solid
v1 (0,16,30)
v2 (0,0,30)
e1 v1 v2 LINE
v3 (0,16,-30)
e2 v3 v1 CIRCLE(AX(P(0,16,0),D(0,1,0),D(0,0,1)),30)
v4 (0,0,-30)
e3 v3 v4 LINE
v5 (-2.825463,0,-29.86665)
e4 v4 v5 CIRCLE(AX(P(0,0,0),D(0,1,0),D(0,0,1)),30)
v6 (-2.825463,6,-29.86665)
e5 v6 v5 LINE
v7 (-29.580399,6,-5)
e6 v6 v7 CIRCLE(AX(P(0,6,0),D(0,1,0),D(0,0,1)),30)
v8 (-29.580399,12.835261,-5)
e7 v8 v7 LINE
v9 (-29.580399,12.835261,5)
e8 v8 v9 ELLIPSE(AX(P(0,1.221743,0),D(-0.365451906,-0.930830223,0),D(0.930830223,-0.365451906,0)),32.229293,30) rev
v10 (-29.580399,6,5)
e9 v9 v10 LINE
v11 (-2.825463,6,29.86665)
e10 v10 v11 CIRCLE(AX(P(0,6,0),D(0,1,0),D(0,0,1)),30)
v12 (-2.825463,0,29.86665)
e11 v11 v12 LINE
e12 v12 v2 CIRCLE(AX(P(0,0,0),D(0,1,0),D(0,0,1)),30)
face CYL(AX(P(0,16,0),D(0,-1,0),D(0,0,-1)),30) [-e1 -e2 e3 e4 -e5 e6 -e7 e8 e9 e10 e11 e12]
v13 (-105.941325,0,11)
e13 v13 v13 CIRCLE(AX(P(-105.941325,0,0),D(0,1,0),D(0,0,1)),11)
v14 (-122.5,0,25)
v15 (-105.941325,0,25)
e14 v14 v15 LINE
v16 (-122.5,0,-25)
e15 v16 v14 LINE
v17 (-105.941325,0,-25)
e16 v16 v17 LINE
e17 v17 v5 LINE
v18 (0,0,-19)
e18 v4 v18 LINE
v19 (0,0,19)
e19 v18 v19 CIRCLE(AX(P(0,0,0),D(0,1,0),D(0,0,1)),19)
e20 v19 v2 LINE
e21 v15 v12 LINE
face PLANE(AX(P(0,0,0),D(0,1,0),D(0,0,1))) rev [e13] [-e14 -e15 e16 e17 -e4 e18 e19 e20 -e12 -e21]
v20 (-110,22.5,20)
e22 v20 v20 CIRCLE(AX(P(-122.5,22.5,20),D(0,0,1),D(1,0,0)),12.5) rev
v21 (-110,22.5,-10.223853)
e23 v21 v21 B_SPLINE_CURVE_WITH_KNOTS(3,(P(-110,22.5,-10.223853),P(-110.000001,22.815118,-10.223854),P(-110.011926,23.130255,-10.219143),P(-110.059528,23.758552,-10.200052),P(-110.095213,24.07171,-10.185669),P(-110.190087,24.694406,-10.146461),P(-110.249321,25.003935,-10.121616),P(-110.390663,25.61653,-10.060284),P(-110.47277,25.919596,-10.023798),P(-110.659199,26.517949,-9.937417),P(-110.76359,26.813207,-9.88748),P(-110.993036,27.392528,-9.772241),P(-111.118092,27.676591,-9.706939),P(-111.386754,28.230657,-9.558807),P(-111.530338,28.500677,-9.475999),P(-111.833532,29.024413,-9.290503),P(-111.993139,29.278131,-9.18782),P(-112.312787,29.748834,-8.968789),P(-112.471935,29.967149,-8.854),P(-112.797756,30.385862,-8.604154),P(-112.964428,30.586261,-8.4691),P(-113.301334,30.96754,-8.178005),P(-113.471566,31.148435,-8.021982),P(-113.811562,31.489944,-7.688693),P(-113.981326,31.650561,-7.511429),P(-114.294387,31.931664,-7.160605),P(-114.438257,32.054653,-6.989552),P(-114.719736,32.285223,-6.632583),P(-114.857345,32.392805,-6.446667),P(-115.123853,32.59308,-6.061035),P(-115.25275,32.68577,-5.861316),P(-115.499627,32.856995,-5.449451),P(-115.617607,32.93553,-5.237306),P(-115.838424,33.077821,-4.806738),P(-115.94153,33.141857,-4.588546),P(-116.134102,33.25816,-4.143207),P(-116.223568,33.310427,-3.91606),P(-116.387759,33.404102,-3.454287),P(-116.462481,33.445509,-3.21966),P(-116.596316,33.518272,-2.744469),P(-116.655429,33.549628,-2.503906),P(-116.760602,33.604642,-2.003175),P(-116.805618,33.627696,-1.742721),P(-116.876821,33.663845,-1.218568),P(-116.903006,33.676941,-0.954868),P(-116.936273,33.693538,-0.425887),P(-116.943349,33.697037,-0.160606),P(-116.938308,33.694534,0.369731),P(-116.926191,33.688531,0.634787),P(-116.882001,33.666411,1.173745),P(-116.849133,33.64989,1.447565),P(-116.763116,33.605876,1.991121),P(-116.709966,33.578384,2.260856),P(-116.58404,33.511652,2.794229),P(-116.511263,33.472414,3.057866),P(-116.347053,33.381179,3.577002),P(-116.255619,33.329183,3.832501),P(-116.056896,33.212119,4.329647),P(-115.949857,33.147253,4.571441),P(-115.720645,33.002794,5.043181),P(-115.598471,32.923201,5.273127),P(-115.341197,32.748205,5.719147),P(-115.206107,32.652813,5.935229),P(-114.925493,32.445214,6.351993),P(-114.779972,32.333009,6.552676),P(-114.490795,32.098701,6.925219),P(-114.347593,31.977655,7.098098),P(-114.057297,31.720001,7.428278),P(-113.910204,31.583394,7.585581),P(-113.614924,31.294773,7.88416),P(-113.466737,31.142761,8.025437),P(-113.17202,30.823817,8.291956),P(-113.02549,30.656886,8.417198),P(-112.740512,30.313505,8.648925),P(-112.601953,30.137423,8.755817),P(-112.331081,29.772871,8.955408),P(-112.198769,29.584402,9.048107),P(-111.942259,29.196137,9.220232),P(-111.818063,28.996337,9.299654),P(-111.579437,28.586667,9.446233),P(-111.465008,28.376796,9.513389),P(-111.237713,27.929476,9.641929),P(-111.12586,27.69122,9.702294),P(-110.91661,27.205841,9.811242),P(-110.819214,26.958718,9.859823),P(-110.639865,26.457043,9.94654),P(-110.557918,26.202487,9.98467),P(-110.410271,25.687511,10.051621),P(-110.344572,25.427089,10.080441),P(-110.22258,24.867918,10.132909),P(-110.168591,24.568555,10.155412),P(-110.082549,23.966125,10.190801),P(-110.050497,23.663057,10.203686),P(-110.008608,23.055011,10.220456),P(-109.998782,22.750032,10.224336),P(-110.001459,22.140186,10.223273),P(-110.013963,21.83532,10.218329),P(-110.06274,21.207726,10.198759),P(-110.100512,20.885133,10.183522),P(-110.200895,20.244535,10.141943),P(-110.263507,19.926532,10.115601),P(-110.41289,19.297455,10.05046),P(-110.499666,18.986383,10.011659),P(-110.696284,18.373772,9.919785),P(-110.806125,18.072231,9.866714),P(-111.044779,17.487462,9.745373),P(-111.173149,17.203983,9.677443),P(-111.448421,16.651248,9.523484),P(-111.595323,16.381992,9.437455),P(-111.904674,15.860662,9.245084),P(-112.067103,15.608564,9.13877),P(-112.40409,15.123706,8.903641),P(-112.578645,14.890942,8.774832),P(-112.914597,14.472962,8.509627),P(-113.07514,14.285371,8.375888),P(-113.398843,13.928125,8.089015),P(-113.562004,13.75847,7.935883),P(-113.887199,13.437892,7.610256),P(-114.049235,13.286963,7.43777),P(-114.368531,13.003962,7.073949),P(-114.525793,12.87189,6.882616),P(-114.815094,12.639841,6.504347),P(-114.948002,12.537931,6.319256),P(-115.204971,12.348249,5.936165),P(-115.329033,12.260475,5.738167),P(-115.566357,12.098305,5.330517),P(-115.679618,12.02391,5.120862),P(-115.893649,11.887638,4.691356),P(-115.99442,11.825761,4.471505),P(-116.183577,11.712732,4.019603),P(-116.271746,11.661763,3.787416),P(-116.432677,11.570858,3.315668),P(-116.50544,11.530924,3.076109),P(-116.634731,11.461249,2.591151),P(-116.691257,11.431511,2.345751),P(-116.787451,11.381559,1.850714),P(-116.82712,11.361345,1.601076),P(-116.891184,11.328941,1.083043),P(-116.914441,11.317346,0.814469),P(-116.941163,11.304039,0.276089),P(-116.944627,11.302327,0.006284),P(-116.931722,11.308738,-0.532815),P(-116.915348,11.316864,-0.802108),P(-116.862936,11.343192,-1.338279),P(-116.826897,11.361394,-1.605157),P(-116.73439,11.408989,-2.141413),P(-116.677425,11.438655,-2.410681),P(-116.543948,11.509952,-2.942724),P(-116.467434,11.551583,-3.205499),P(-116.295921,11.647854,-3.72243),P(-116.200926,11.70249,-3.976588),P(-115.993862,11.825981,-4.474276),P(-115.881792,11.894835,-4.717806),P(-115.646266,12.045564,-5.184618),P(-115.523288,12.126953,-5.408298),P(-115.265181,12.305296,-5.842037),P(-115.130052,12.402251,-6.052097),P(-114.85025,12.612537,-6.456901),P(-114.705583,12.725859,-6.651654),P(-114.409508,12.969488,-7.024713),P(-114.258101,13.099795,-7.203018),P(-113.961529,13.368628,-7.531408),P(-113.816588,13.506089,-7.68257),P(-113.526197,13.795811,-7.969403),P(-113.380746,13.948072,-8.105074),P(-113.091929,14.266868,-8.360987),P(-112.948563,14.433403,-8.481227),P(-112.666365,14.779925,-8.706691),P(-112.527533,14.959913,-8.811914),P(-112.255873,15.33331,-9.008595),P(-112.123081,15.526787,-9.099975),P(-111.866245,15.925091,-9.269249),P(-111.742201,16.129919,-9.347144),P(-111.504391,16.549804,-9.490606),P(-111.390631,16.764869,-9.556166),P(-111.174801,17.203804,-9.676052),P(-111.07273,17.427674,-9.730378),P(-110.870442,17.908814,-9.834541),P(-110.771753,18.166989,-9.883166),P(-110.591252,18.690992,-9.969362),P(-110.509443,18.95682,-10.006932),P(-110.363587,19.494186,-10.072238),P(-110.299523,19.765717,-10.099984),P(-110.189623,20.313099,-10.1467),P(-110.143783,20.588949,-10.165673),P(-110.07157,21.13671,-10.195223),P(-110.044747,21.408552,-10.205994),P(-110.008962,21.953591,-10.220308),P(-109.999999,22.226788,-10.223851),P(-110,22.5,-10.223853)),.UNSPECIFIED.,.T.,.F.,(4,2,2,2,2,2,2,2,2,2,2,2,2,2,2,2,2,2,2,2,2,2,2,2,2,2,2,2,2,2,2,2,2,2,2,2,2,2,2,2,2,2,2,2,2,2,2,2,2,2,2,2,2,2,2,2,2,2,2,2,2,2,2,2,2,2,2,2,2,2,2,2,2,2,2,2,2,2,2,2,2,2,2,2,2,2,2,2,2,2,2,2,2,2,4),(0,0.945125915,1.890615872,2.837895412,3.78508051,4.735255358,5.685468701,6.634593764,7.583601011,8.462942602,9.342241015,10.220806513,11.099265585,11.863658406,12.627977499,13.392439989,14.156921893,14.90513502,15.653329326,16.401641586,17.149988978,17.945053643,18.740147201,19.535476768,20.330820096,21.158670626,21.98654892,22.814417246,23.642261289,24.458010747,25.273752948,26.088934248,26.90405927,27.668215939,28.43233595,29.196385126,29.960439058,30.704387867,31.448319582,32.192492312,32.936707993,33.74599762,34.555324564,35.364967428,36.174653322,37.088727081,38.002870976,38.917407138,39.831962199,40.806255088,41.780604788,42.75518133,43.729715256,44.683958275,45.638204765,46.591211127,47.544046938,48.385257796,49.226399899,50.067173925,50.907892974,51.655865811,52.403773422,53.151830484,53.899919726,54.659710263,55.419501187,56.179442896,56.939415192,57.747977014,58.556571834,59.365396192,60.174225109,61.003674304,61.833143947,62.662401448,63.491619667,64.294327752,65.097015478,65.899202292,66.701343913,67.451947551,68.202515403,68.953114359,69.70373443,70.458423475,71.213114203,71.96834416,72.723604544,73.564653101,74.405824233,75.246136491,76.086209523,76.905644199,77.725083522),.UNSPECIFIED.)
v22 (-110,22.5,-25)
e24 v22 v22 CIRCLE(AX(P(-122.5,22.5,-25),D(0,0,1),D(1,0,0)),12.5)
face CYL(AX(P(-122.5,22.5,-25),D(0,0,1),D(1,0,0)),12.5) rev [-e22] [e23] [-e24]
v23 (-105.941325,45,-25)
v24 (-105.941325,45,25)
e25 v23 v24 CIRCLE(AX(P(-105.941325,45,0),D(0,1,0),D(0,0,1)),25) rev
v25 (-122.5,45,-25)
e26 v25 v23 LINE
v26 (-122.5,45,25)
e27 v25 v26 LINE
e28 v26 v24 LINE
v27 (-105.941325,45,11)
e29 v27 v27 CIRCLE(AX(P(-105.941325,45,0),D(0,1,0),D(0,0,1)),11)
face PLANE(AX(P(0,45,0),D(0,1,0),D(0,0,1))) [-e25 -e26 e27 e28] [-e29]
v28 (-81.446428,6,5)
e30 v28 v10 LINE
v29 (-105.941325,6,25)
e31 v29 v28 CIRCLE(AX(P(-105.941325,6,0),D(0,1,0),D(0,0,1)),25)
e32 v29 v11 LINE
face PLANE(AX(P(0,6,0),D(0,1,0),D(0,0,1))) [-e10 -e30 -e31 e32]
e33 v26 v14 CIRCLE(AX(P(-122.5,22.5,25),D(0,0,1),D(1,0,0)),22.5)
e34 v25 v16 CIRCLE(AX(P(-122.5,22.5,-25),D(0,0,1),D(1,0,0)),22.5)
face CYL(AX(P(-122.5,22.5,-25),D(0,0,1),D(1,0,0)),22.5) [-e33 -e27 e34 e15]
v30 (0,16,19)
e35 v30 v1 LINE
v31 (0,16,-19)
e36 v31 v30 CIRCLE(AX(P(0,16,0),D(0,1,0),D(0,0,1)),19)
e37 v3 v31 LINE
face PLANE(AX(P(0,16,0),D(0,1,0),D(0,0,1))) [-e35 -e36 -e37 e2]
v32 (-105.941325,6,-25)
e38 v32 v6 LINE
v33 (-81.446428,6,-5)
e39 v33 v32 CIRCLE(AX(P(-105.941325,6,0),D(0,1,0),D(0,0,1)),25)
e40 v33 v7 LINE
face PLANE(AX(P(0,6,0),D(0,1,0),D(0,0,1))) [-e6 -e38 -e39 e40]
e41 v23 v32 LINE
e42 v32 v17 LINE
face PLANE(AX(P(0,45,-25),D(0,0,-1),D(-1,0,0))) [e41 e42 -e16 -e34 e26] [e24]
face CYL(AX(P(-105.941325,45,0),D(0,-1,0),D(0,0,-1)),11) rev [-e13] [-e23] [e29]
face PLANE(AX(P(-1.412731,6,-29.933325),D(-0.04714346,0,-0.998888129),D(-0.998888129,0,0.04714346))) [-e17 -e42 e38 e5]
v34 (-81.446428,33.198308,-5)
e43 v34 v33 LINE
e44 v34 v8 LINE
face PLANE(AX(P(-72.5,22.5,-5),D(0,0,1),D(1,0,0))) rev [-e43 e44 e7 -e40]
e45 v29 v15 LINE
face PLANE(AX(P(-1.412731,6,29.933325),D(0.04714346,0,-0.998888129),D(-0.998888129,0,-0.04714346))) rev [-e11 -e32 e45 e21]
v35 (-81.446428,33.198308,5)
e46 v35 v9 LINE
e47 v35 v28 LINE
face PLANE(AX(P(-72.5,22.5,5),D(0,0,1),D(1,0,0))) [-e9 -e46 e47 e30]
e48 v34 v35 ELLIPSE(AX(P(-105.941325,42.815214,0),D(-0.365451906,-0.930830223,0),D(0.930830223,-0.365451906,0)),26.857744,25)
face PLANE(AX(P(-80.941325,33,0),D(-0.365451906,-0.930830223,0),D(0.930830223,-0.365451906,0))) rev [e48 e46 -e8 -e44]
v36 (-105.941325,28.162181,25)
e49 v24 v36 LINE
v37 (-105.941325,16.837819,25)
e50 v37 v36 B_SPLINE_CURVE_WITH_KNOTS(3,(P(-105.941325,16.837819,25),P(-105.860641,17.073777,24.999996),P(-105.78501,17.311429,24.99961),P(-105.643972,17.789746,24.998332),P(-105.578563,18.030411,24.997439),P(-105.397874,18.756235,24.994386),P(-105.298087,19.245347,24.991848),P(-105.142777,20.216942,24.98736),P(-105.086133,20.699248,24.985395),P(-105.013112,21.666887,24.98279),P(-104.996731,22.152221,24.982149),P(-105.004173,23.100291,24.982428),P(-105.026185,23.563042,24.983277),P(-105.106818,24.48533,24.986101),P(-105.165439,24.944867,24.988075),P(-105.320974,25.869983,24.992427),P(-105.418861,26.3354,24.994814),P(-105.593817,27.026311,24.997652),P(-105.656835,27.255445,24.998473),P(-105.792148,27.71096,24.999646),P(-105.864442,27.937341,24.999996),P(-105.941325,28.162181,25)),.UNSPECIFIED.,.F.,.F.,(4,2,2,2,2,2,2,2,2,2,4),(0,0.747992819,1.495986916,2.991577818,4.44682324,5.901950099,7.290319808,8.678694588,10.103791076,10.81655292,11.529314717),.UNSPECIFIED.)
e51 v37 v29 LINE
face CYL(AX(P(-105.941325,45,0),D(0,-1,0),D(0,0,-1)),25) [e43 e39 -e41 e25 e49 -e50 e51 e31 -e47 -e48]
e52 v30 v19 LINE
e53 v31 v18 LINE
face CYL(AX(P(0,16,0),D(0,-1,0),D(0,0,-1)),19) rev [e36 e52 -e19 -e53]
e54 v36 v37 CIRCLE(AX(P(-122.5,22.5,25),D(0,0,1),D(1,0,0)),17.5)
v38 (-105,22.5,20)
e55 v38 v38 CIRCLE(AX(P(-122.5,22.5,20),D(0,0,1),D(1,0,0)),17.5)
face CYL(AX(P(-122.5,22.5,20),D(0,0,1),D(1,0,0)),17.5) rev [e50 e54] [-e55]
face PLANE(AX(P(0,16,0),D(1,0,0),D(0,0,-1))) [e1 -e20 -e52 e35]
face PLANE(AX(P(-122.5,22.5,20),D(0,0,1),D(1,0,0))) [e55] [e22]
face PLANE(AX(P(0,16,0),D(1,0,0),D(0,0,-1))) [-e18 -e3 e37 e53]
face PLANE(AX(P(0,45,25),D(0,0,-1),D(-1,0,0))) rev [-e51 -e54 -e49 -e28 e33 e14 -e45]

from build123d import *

# Parameters (mm, degrees)
BOSS_EXTRUDE1_DEPTH = 16
SKETCH4_R           = 11
BOSS_EXTRUDE5_DEPTH = 45
SKETCH8_R           = 12.5
BOSS_EXTRUDE8_DEPTH = 50
SKETCH11_R          = 12.5
CUT_EXTRUDE1_DEPTH  = 50
SKETCH12_R          = 17.5
CUT_EXTRUDE2_DEPTH  = 5
BOSS_EXTRUDE9_DEPTH = 6
RIB4_REACH          = 156.758
SKETCH16_WALL_W     = 366.24251427
SKETCH16_WALL_H     = 10


with BuildPart() as part:
    # Sketch2 → Boss-Extrude1 (new body)
    with BuildSketch(Plane(origin=(0, 0, 0), x_dir=(1, 0, 0), z_dir=(0, 1, 0))):
        with BuildLine():
            Line((0, 19), (0, 30))
            ThreePointArc((0, 30), (-30, 0), (0, -30))
            Line((0, -30), (0, -19))
            ThreePointArc((0, -19), (-19, 0), (0, 19))
        make_face()
    extrude(amount=BOSS_EXTRUDE1_DEPTH)



with BuildPart() as body_2:
    # Sketch4 → Boss-Extrude5 (new body)
    with BuildSketch(Plane(origin=(0, 0, 0), x_dir=(1, 0, 0), z_dir=(0, 1, 0))):
        with BuildLine():
            Line((-122.5, 25), (-105.941325388, 25))
            ThreePointArc((-105.941325388, 25), (-80.941325388, 0), (-105.941325388, -25))
            Line((-105.941325388, -25), (-122.5, -25))
            Line((-122.5, -25), (-122.5, 25))
        make_face()
        with Locations(Location((-105.941325388, 0, 0), (0, 0, 90))):
            Circle(SKETCH4_R, mode=Mode.SUBTRACT)
    extrude(amount=BOSS_EXTRUDE5_DEPTH)

    # Sketch8 → Boss-Extrude8 (add)
    with BuildSketch(Plane.XY.offset(25)):
        with Locations((-122.5, 22.5)):
            Circle(SKETCH8_R)
        with BuildLine():
            ThreePointArc((-122.5, 45), (-145, 22.5), (-122.5, 0))
            Line((-122.5, 0), (-122.5, 45))
        make_face()
        with BuildLine():
            ThreePointArc((-122.5, 35), (-135, 22.5), (-122.5, 10))
            Line((-122.5, 10), (-122.5, 35))
        make_face()
        with BuildLine():
            Line((-122.5, 35), (-122.5, 10))
            ThreePointArc((-122.5, 10), (-113.661165235, 13.661165235), (-110, 22.5))
            ThreePointArc((-110, 22.5), (-113.661165235, 31.338834765), (-122.5, 35))
        make_face()
    extrude(amount=-BOSS_EXTRUDE8_DEPTH)

    # Sketch11 → Cut-Extrude1 (cut)
    with BuildSketch(Plane.XY.offset(25)):
        with Locations((-122.5, 22.5)):
            Circle(SKETCH11_R)
    extrude(amount=-CUT_EXTRUDE1_DEPTH, mode=Mode.SUBTRACT)

    # Sketch12 → Cut-Extrude2 (cut)
    with BuildSketch(Plane.XY.offset(25)):
        with Locations((-122.5, 22.5)):
            Circle(SKETCH12_R)
    extrude(amount=-CUT_EXTRUDE2_DEPTH, mode=Mode.SUBTRACT)


with BuildPart() as part_1:
    add(part.part)

    add(body_2.part)  # Boss-Extrude9 merges body 2
    # Sketch13 → Boss-Extrude9 (add)
    with BuildSketch(Plane(origin=(0, 0, 0), x_dir=(1, 0, 0), z_dir=(0, 1, 0))):
        with BuildLine():
            ThreePointArc((-105.941325388, 25), (-80.941325388, 0), (-105.941325388, -25))
            Line((-105.941325388, -25), (-2.825462558, -29.86664965))
            ThreePointArc((-2.825462558, -29.86664965), (-30, 0), (-2.825462558, 29.86664965))
            Line((-2.825462558, 29.86664965), (-105.941325388, 25))
        make_face()
    extrude(amount=BOSS_EXTRUDE9_DEPTH)

    # Sketch16 wall → Rib4 (add, up to next)
    with BuildSketch(Plane(origin=(-55.470662694, 23, 0), x_dir=(0.930830223145, -0.365451906112, 0), z_dir=(0.365451906112, 0.930830223145, 0)), mode=Mode.PRIVATE) as rib4_sk1:
        Rectangle(SKETCH16_WALL_W, SKETCH16_WALL_H)
    rib4_tool1 = extrude(rib4_sk1.sketch, amount=-RIB4_REACH, mode=Mode.PRIVATE) - part_1.part
    add(rib4_tool1.solids().sort_by_distance((-55.470662694, 23, 0))[0])


solid = part_1.part
